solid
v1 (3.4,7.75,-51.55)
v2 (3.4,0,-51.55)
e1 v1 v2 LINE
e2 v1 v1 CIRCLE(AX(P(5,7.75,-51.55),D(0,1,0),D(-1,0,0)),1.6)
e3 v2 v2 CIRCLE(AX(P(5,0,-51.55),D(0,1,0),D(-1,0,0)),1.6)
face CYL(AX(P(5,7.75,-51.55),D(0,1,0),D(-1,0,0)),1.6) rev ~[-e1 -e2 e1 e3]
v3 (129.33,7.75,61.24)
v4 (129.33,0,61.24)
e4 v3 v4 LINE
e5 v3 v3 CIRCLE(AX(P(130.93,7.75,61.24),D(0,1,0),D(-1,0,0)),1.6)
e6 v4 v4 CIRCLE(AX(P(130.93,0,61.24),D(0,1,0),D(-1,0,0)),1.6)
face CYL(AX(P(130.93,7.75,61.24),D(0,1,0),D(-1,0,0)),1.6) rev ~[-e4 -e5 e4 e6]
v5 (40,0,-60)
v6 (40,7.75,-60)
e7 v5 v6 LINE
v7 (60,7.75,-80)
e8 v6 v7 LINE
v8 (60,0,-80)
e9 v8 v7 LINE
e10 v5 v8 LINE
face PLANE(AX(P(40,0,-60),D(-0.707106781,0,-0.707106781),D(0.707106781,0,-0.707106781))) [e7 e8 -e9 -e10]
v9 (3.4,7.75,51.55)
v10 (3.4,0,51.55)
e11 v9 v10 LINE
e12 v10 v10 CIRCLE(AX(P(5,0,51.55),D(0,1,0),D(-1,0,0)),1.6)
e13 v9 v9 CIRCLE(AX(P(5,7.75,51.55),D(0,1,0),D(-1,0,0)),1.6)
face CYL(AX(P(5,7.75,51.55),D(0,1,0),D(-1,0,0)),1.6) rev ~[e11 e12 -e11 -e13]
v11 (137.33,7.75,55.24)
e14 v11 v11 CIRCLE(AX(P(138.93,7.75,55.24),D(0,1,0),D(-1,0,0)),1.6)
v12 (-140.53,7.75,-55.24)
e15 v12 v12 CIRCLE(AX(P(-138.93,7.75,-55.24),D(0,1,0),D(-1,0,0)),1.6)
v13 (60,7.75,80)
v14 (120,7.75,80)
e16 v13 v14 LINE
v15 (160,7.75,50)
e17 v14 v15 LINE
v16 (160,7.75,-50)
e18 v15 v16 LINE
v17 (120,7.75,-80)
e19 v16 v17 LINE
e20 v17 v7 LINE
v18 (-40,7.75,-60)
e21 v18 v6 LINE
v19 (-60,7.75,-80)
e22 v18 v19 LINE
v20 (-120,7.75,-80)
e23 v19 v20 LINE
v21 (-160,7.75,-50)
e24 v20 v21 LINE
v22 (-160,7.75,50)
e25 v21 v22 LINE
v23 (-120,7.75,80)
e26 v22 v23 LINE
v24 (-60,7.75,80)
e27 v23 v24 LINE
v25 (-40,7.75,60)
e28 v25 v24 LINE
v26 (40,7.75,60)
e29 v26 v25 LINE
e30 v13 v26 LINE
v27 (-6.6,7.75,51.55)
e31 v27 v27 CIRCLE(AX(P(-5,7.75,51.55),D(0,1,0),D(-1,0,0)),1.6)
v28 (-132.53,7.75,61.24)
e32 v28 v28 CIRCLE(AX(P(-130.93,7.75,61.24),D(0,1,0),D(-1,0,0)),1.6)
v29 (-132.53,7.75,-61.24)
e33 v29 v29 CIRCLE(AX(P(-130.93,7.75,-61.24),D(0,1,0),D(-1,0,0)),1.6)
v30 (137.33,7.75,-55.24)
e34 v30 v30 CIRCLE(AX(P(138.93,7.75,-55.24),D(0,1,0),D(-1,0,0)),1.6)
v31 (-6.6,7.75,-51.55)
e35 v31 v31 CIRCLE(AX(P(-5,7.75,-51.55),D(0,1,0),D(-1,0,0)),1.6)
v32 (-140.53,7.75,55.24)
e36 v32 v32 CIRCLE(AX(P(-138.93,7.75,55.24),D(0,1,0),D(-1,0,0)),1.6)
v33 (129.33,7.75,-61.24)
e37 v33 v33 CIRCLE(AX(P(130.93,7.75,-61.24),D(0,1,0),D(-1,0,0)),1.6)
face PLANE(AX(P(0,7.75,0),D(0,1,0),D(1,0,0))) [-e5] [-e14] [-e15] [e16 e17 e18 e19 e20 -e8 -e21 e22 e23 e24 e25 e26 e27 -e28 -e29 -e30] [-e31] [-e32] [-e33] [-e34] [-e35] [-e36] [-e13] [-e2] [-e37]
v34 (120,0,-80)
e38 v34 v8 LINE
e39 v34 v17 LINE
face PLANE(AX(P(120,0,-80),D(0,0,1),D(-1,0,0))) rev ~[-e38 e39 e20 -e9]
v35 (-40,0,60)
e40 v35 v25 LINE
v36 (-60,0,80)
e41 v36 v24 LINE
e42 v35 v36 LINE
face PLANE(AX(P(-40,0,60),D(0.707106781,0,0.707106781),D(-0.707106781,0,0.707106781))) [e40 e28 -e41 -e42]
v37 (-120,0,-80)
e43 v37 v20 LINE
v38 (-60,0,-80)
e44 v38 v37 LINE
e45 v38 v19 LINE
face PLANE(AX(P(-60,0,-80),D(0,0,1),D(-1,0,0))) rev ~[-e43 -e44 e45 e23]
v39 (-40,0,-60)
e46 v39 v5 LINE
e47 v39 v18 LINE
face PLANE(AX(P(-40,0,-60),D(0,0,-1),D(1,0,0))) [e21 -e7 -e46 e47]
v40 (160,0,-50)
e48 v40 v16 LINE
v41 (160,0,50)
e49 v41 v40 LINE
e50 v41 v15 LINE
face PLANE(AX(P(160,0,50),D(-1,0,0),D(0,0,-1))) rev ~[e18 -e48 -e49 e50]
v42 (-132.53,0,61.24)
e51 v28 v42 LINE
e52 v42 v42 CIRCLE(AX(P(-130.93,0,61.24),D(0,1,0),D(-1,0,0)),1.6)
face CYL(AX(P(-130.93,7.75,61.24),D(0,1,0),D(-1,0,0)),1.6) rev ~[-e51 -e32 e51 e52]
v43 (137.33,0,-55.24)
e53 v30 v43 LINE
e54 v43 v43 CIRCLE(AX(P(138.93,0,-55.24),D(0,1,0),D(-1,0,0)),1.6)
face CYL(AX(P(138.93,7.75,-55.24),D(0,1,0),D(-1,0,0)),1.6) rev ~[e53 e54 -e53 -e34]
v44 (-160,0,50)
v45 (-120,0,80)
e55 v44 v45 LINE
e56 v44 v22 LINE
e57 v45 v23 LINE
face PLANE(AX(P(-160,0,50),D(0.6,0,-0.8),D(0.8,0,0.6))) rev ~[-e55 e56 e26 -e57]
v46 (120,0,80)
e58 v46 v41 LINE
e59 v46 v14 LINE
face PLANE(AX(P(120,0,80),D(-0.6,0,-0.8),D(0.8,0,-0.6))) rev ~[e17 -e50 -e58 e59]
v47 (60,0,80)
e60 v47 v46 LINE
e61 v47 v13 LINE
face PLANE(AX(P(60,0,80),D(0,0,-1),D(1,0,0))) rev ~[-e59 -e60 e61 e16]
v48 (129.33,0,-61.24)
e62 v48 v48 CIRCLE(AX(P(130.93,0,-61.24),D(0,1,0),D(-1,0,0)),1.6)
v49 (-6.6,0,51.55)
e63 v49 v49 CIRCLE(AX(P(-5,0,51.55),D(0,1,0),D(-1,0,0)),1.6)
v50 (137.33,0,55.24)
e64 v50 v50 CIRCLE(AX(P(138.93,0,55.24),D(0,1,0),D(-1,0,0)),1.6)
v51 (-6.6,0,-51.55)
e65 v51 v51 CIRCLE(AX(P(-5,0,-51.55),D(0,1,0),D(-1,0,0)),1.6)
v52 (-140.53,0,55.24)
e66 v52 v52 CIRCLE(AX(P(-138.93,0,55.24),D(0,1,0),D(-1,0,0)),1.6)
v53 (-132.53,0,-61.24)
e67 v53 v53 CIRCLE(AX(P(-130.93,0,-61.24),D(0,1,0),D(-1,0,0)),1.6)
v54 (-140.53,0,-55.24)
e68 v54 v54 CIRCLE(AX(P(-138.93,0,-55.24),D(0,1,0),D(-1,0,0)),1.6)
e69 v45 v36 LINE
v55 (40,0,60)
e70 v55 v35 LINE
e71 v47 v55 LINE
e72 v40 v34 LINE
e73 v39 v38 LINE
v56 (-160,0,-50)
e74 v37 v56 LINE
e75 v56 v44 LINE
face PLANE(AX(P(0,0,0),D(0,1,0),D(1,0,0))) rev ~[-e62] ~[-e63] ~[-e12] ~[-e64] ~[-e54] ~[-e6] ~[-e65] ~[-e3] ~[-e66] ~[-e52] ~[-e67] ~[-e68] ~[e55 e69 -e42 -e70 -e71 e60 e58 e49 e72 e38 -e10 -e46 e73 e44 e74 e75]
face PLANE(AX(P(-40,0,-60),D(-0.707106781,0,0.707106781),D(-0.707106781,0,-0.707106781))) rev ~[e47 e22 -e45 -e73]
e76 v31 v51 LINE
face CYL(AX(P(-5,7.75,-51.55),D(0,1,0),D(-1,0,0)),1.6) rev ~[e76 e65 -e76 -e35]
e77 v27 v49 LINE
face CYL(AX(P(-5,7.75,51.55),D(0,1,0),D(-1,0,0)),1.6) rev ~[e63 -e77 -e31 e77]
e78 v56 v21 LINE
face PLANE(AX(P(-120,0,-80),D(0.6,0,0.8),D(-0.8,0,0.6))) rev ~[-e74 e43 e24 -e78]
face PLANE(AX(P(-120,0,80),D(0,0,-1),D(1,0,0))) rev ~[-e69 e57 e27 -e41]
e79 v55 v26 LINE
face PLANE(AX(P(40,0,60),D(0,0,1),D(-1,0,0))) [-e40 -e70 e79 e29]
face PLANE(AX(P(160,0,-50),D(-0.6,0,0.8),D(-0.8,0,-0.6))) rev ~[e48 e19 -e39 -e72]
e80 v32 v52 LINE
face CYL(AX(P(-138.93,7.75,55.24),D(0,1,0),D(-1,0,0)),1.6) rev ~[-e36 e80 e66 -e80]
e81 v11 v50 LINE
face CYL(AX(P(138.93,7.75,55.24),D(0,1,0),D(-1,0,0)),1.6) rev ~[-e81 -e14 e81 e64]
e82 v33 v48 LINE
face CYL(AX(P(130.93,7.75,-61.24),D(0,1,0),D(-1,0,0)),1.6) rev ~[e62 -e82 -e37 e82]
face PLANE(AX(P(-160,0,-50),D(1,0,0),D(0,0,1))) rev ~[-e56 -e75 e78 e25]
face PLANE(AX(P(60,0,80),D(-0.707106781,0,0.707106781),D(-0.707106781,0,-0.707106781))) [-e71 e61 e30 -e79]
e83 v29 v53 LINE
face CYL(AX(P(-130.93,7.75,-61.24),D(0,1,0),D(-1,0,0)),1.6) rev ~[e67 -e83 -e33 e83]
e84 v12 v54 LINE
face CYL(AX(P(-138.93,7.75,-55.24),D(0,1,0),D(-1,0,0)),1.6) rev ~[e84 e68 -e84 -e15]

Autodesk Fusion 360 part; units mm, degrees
sketch "Sketch1" plane through (0, 0, 0) normal (0, 1, 0) x (1, 0, 0)
  line L0 (-160, -80) -> (160, -80)
  line L1 (160, -80) -> (160, 80)
  line L2 (160, 80) -> (-160, 80)
  line L3 (-160, 80) -> (-160, -80)
  line L4 (-160, -80) -> (160, 80) construction
  line L5 (160, -80) -> (-160, 80) construction
  line L6 (-160, -50) -> (-120, -80)
  line L7 (120, -80) -> (160, -50)
  line L8 (160, 50) -> (120, 80)
  line L9 (-120, 80) -> (-160, 50)
  line L10 (-120, -80) -> (-60, -80)
  line L11 (-40, -60) -> (-60, -80)
  line L12 (60, -80) -> (40, -60)
  line L13 (40, -60) -> (-40, -60)
  line L14 (-40, 60) -> (-60, 80)
  line L15 (-40, 60) -> (40, 60)
  line L16 (40, 60) -> (60, 80)
  dimension "d1" = 320
  dimension "d2" = 160
extrude "Extrude1" add sketch "Sketch1" along normal blind 7.75 contours L0 L1 L2 L3 L6 L7 L8 L9 L10 L11 L12 L13 L14 L15 L16
sketch "Sketch2" plane through (0, 7.75, 0) normal (0, 1, 0) x (-1, 0, 0)
  line L0 (40, -60) -> (60, -80)
  line L1 (60, -80) -> (120, -80)
  line L2 (120, -80) -> (160, -50)
  line L3 (160, -50) -> (160, 50)
  line L4 (160, 50) -> (120, 80)
  line L5 (120, 80) -> (60, 80)
  line L6 (60, 80) -> (40, 60)
  line L7 (40, 60) -> (-40, 60)
  line L8 (-40, 60) -> (-60, 80)
  line L9 (-60, 80) -> (-120, 80)
  line L10 (-120, 80) -> (-160, 50)
  line L11 (-160, 50) -> (-160, -50)
  line L12 (-160, -50) -> (-120, -80)
  line L13 (-120, -80) -> (-60, -80)
  line L14 (-60, -80) -> (-40, -60)
  line L15 (-40, -60) -> (40, -60)
  circle A0 centre (-130.93, 61.24) radius 1.6
  circle A1 centre (-138.93, 55.24) radius 1.6
  circle A2 centre (-138.93, -55.24) radius 1.6
  circle A3 centre (-130.93, -61.24) radius 1.6
  circle A4 centre (5, -51.55) radius 1.6
  circle A5 centre (-5, -51.55) radius 1.6
  circle A6 centre (5, 51.55) radius 1.6
  circle A7 centre (-5, 51.55) radius 1.6
  circle A8 centre (138.93, 55.24) radius 1.6
  circle A9 centre (130.93, 61.24) radius 1.6
  circle A10 centre (130.93, -61.24) radius 1.6
  circle A11 centre (138.93, -55.24) radius 1.6
  dimension "d10" = 3.2
  dimension "d11" = 10
  dimension "d12" = 3.2
  dimension "d18" = 3.2
  dimension "d19" = 10
  dimension "d20" = 3.2
  dimension "d27" = 10
  dimension "d28" = 3.2
  dimension "d29" = 3.2
  dimension "d32" = 3.2
  dimension "d33" = 3.2
  dimension "d39" = 3.2
  dimension "d40" = 10
  dimension "d41" = 3.2
  dimension "d47" = 3.2
  dimension "d48" = 10
  dimension "d49" = 3.2
extrude "Extrude2" cut sketch "Sketch2" against normal blind 35 contours A0 | A1 | A2 | A3 | A4 | A5 | A6 | A7 | A8 | A9 | A10 | A11
